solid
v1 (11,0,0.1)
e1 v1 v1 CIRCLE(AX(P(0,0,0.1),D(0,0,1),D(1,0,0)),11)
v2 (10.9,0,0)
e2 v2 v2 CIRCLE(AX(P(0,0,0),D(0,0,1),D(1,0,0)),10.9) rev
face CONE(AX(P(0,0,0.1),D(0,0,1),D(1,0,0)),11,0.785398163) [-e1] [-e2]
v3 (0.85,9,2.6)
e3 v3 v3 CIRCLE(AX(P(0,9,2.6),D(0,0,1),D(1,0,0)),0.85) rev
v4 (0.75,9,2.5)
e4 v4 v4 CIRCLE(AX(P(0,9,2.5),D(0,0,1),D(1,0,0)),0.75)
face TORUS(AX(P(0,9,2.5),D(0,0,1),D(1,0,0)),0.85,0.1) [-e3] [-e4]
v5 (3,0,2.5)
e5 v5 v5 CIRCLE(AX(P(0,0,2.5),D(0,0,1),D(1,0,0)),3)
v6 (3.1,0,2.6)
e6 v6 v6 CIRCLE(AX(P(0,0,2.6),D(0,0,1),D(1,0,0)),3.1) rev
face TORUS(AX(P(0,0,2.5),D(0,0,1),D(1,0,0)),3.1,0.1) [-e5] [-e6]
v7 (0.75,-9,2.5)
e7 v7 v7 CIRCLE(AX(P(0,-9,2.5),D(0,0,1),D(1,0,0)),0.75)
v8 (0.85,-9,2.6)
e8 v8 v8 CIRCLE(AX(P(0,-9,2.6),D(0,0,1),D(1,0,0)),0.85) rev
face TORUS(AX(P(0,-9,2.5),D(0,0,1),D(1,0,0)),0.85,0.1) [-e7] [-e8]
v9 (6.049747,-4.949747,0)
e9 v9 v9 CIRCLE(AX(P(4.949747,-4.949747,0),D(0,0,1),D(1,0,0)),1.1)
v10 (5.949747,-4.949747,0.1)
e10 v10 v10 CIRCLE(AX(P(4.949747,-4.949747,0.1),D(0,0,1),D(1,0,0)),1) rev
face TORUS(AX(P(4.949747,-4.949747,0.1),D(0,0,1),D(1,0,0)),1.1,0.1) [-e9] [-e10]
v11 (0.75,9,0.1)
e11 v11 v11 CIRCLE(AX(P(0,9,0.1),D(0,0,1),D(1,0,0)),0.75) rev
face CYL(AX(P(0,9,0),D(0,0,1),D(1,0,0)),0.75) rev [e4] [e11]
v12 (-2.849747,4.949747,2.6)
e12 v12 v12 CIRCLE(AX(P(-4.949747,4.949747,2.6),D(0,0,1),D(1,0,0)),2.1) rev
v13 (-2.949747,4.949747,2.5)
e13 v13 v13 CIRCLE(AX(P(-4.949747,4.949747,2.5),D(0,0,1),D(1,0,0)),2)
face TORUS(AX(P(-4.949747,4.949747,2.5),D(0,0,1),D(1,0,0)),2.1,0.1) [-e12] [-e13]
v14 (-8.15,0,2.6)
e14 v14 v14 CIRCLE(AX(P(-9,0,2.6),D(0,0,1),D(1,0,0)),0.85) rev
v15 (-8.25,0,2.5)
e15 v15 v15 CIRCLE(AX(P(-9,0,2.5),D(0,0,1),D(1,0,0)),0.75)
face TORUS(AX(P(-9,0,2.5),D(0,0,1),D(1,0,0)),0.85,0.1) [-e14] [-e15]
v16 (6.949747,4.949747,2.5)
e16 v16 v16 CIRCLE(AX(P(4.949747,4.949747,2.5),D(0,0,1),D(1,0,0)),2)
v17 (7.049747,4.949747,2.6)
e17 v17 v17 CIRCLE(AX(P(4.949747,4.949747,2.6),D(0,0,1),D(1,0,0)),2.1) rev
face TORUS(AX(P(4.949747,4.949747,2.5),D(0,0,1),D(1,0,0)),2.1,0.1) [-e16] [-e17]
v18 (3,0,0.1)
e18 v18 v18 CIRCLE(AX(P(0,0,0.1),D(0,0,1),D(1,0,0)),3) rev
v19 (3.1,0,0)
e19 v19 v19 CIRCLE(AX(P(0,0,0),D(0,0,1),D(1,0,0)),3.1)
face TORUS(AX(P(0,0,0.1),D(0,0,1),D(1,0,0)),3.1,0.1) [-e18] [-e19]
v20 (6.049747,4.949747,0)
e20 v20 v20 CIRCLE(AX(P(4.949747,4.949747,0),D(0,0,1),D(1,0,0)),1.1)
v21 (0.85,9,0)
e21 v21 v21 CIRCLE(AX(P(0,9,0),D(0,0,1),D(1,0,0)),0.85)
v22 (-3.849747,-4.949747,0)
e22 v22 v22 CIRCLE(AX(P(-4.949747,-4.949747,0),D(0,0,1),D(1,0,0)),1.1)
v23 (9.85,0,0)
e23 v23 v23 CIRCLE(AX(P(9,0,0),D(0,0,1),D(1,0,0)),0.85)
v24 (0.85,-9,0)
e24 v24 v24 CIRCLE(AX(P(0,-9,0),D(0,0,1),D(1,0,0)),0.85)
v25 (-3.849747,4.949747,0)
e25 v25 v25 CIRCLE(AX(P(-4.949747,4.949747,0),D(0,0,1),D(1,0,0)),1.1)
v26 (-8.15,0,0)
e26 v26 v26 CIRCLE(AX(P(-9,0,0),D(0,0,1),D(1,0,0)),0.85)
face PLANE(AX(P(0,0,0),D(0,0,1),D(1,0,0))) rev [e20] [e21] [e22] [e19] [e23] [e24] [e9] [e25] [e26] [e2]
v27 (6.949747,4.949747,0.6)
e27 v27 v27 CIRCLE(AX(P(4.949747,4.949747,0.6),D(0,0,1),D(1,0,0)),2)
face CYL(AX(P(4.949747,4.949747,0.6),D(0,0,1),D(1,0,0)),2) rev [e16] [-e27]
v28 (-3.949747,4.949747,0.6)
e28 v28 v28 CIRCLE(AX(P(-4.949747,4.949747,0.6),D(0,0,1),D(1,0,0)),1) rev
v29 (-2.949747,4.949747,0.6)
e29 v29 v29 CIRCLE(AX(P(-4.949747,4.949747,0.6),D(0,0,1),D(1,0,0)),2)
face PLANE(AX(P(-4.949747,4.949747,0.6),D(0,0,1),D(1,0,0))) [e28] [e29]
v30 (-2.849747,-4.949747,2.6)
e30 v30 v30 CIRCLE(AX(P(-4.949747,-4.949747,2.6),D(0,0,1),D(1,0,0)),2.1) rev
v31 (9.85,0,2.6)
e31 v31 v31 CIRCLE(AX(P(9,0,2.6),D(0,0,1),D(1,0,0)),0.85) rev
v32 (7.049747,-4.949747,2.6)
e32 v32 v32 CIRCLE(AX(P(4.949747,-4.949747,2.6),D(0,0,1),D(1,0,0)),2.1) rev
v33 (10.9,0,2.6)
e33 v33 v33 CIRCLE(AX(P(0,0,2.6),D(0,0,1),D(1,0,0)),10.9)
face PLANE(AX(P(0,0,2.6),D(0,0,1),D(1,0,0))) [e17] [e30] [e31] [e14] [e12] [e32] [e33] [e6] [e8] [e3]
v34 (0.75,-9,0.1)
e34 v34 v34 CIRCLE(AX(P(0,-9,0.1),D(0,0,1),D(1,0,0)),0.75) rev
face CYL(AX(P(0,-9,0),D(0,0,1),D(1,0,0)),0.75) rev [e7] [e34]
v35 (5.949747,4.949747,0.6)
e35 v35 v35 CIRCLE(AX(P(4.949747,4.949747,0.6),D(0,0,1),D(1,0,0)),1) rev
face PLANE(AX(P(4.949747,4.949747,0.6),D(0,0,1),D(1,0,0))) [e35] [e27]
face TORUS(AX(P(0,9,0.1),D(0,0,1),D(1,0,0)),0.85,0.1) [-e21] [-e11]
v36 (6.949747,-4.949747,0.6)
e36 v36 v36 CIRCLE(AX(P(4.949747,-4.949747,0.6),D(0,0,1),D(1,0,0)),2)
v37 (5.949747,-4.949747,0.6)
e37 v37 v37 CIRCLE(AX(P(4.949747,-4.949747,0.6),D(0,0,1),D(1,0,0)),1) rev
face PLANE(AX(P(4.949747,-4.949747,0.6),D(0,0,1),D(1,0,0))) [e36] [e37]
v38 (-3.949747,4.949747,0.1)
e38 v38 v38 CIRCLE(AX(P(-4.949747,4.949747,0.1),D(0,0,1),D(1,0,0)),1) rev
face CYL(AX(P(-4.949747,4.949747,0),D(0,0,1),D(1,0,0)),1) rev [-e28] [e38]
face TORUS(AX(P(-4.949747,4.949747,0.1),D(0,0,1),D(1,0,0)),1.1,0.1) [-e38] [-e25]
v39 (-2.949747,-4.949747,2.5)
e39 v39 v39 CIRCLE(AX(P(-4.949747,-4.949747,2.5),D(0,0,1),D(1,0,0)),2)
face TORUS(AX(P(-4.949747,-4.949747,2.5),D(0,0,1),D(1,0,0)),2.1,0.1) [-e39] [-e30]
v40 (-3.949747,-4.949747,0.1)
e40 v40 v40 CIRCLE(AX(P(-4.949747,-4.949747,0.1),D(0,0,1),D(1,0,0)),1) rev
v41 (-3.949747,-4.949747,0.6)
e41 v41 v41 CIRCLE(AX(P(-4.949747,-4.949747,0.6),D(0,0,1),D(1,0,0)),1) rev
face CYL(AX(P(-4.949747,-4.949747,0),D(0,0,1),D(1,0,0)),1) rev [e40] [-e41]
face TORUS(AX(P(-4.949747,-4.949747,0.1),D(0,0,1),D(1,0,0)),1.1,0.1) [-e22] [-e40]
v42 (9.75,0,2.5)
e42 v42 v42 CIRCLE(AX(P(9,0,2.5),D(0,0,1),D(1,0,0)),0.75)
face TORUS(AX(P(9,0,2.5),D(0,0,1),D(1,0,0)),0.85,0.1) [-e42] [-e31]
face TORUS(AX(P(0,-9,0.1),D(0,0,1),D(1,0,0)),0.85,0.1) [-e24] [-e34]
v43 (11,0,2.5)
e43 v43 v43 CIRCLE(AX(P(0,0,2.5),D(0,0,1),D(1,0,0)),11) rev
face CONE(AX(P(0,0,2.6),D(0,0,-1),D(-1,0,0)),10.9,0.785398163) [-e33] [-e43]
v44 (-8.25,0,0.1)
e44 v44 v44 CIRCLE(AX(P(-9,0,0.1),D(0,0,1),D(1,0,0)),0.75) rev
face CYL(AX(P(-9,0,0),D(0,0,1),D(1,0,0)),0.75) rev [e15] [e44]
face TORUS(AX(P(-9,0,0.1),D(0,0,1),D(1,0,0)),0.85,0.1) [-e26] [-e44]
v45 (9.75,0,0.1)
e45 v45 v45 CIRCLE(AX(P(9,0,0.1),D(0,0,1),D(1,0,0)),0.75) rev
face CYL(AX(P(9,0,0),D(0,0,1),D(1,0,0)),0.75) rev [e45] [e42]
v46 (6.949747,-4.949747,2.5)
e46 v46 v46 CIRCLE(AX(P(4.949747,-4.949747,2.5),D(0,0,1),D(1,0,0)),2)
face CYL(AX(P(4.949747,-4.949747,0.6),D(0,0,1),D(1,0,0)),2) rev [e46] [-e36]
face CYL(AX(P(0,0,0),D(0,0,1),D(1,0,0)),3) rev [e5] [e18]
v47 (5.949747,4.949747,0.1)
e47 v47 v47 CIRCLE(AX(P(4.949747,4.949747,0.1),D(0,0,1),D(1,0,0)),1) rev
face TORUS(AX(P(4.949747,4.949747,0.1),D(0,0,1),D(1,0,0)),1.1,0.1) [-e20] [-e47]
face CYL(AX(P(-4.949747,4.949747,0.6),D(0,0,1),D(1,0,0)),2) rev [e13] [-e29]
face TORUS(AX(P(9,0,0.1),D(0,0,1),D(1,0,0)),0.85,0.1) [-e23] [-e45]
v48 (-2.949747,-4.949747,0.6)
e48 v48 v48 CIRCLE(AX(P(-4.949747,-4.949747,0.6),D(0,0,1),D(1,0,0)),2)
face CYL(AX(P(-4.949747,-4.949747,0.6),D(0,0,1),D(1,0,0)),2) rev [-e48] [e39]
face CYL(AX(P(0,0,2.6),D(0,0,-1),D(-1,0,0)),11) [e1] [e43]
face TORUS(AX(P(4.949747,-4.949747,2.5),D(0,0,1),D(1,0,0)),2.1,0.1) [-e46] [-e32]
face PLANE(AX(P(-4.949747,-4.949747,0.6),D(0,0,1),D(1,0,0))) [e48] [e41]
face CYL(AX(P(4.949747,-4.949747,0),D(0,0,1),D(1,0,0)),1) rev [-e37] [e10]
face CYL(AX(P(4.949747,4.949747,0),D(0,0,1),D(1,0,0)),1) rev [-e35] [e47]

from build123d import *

# Parameters (mm, degrees)
SKETCH1_R           = 11
BOSS_EXTRUDE1_DEPTH = 2.6
SKETCH2_R           = 0.75
SKETCH2_R_2         = 1
CUT_EXTRUDE1_DEPTH  = 16.772127314
SKETCH3_R           = 2
CUT_EXTRUDE2_DEPTH  = 2
SKETCH4_R           = 3
CUT_EXTRUDE3_DEPTH  = 16.772127314
CHAMFER1_SIZE       = 0.1
FILLET1_R           = 0.1


with BuildPart() as part:
    # Sketch1 → Boss-Extrude1 (new body)
    with BuildSketch(Plane.XY):
        Circle(SKETCH1_R)
    extrude(amount=BOSS_EXTRUDE1_DEPTH)

    # Sketch2 → Cut-Extrude1 (cut, through all)
    with BuildSketch(Plane.XY.offset(2.6)):
        with Locations((0, 9)):
            Circle(SKETCH2_R)
        with Locations((9, 0)):
            Circle(SKETCH2_R)
        with Locations((0, -9)):
            Circle(SKETCH2_R)
        with Locations((-9, 0)):
            Circle(SKETCH2_R)
        with Locations((4.949747468, 4.949747468)):
            Circle(SKETCH2_R_2)
        with Locations((4.949747468, -4.949747468)):
            Circle(SKETCH2_R_2)
        with Locations((-4.949747468, -4.949747468)):
            Circle(SKETCH2_R_2)
        with Locations((-4.949747468, 4.949747468)):
            Circle(SKETCH2_R_2)
    extrude(amount=-CUT_EXTRUDE1_DEPTH, mode=Mode.SUBTRACT)

    # Sketch3 → Cut-Extrude2 (cut)
    with BuildSketch(Plane.XY.offset(2.6)):
        with Locations((4.949747468, 4.949747468)):
            Circle(SKETCH3_R)
        with Locations((4.949747468, -4.949747468)):
            Circle(SKETCH3_R)
        with Locations((-4.949747468, -4.949747468)):
            Circle(SKETCH3_R)
        with Locations((-4.949747468, 4.949747468)):
            Circle(SKETCH3_R)
    extrude(amount=-CUT_EXTRUDE2_DEPTH, mode=Mode.SUBTRACT)

    # Sketch4 → Cut-Extrude3 (cut, through all)
    with BuildSketch(Plane.XY.offset(2.6)):
        Circle(SKETCH4_R)
    extrude(amount=-CUT_EXTRUDE3_DEPTH, mode=Mode.SUBTRACT)

    # Chamfer1
    chamfer1_edges = [part.edges().sort_by_distance(p)[0] for p in [
        (-11, 0, 0),
        (-11, 0, 2.6),
    ]]
    chamfer(chamfer1_edges, length=CHAMFER1_SIZE)

    # Fillet1
    fillet1_edges = [part.edges().sort_by_distance(p)[0] for p in [
        (-0.75, 9, 0),
        (-0.75, 9, 2.6),
        (-5.949747468, 4.949747468, 0),
        (-5.949747468, -4.949747468, 0),
        (3.949747468, -4.949747468, 0),
        (-9.75, 0, 0),
        (-9.75, 0, 2.6),
        (-0.75, -9, 0),
        (-0.75, -9, 2.6),
        (8.25, 0, 0),
        (8.25, 0, 2.6),
        (3.949747468, 4.949747468, 0),
        (-6.949747468, 4.949747468, 2.6),
        (-6.949747468, -4.949747468, 2.6),
        (2.949747468, -4.949747468, 2.6),
        (2.949747468, 4.949747468, 2.6),
        (-3, 0, 0),
        (-3, 0, 2.6),
    ]]
    fillet(fillet1_edges, radius=FILLET1_R)


solid = part.part
